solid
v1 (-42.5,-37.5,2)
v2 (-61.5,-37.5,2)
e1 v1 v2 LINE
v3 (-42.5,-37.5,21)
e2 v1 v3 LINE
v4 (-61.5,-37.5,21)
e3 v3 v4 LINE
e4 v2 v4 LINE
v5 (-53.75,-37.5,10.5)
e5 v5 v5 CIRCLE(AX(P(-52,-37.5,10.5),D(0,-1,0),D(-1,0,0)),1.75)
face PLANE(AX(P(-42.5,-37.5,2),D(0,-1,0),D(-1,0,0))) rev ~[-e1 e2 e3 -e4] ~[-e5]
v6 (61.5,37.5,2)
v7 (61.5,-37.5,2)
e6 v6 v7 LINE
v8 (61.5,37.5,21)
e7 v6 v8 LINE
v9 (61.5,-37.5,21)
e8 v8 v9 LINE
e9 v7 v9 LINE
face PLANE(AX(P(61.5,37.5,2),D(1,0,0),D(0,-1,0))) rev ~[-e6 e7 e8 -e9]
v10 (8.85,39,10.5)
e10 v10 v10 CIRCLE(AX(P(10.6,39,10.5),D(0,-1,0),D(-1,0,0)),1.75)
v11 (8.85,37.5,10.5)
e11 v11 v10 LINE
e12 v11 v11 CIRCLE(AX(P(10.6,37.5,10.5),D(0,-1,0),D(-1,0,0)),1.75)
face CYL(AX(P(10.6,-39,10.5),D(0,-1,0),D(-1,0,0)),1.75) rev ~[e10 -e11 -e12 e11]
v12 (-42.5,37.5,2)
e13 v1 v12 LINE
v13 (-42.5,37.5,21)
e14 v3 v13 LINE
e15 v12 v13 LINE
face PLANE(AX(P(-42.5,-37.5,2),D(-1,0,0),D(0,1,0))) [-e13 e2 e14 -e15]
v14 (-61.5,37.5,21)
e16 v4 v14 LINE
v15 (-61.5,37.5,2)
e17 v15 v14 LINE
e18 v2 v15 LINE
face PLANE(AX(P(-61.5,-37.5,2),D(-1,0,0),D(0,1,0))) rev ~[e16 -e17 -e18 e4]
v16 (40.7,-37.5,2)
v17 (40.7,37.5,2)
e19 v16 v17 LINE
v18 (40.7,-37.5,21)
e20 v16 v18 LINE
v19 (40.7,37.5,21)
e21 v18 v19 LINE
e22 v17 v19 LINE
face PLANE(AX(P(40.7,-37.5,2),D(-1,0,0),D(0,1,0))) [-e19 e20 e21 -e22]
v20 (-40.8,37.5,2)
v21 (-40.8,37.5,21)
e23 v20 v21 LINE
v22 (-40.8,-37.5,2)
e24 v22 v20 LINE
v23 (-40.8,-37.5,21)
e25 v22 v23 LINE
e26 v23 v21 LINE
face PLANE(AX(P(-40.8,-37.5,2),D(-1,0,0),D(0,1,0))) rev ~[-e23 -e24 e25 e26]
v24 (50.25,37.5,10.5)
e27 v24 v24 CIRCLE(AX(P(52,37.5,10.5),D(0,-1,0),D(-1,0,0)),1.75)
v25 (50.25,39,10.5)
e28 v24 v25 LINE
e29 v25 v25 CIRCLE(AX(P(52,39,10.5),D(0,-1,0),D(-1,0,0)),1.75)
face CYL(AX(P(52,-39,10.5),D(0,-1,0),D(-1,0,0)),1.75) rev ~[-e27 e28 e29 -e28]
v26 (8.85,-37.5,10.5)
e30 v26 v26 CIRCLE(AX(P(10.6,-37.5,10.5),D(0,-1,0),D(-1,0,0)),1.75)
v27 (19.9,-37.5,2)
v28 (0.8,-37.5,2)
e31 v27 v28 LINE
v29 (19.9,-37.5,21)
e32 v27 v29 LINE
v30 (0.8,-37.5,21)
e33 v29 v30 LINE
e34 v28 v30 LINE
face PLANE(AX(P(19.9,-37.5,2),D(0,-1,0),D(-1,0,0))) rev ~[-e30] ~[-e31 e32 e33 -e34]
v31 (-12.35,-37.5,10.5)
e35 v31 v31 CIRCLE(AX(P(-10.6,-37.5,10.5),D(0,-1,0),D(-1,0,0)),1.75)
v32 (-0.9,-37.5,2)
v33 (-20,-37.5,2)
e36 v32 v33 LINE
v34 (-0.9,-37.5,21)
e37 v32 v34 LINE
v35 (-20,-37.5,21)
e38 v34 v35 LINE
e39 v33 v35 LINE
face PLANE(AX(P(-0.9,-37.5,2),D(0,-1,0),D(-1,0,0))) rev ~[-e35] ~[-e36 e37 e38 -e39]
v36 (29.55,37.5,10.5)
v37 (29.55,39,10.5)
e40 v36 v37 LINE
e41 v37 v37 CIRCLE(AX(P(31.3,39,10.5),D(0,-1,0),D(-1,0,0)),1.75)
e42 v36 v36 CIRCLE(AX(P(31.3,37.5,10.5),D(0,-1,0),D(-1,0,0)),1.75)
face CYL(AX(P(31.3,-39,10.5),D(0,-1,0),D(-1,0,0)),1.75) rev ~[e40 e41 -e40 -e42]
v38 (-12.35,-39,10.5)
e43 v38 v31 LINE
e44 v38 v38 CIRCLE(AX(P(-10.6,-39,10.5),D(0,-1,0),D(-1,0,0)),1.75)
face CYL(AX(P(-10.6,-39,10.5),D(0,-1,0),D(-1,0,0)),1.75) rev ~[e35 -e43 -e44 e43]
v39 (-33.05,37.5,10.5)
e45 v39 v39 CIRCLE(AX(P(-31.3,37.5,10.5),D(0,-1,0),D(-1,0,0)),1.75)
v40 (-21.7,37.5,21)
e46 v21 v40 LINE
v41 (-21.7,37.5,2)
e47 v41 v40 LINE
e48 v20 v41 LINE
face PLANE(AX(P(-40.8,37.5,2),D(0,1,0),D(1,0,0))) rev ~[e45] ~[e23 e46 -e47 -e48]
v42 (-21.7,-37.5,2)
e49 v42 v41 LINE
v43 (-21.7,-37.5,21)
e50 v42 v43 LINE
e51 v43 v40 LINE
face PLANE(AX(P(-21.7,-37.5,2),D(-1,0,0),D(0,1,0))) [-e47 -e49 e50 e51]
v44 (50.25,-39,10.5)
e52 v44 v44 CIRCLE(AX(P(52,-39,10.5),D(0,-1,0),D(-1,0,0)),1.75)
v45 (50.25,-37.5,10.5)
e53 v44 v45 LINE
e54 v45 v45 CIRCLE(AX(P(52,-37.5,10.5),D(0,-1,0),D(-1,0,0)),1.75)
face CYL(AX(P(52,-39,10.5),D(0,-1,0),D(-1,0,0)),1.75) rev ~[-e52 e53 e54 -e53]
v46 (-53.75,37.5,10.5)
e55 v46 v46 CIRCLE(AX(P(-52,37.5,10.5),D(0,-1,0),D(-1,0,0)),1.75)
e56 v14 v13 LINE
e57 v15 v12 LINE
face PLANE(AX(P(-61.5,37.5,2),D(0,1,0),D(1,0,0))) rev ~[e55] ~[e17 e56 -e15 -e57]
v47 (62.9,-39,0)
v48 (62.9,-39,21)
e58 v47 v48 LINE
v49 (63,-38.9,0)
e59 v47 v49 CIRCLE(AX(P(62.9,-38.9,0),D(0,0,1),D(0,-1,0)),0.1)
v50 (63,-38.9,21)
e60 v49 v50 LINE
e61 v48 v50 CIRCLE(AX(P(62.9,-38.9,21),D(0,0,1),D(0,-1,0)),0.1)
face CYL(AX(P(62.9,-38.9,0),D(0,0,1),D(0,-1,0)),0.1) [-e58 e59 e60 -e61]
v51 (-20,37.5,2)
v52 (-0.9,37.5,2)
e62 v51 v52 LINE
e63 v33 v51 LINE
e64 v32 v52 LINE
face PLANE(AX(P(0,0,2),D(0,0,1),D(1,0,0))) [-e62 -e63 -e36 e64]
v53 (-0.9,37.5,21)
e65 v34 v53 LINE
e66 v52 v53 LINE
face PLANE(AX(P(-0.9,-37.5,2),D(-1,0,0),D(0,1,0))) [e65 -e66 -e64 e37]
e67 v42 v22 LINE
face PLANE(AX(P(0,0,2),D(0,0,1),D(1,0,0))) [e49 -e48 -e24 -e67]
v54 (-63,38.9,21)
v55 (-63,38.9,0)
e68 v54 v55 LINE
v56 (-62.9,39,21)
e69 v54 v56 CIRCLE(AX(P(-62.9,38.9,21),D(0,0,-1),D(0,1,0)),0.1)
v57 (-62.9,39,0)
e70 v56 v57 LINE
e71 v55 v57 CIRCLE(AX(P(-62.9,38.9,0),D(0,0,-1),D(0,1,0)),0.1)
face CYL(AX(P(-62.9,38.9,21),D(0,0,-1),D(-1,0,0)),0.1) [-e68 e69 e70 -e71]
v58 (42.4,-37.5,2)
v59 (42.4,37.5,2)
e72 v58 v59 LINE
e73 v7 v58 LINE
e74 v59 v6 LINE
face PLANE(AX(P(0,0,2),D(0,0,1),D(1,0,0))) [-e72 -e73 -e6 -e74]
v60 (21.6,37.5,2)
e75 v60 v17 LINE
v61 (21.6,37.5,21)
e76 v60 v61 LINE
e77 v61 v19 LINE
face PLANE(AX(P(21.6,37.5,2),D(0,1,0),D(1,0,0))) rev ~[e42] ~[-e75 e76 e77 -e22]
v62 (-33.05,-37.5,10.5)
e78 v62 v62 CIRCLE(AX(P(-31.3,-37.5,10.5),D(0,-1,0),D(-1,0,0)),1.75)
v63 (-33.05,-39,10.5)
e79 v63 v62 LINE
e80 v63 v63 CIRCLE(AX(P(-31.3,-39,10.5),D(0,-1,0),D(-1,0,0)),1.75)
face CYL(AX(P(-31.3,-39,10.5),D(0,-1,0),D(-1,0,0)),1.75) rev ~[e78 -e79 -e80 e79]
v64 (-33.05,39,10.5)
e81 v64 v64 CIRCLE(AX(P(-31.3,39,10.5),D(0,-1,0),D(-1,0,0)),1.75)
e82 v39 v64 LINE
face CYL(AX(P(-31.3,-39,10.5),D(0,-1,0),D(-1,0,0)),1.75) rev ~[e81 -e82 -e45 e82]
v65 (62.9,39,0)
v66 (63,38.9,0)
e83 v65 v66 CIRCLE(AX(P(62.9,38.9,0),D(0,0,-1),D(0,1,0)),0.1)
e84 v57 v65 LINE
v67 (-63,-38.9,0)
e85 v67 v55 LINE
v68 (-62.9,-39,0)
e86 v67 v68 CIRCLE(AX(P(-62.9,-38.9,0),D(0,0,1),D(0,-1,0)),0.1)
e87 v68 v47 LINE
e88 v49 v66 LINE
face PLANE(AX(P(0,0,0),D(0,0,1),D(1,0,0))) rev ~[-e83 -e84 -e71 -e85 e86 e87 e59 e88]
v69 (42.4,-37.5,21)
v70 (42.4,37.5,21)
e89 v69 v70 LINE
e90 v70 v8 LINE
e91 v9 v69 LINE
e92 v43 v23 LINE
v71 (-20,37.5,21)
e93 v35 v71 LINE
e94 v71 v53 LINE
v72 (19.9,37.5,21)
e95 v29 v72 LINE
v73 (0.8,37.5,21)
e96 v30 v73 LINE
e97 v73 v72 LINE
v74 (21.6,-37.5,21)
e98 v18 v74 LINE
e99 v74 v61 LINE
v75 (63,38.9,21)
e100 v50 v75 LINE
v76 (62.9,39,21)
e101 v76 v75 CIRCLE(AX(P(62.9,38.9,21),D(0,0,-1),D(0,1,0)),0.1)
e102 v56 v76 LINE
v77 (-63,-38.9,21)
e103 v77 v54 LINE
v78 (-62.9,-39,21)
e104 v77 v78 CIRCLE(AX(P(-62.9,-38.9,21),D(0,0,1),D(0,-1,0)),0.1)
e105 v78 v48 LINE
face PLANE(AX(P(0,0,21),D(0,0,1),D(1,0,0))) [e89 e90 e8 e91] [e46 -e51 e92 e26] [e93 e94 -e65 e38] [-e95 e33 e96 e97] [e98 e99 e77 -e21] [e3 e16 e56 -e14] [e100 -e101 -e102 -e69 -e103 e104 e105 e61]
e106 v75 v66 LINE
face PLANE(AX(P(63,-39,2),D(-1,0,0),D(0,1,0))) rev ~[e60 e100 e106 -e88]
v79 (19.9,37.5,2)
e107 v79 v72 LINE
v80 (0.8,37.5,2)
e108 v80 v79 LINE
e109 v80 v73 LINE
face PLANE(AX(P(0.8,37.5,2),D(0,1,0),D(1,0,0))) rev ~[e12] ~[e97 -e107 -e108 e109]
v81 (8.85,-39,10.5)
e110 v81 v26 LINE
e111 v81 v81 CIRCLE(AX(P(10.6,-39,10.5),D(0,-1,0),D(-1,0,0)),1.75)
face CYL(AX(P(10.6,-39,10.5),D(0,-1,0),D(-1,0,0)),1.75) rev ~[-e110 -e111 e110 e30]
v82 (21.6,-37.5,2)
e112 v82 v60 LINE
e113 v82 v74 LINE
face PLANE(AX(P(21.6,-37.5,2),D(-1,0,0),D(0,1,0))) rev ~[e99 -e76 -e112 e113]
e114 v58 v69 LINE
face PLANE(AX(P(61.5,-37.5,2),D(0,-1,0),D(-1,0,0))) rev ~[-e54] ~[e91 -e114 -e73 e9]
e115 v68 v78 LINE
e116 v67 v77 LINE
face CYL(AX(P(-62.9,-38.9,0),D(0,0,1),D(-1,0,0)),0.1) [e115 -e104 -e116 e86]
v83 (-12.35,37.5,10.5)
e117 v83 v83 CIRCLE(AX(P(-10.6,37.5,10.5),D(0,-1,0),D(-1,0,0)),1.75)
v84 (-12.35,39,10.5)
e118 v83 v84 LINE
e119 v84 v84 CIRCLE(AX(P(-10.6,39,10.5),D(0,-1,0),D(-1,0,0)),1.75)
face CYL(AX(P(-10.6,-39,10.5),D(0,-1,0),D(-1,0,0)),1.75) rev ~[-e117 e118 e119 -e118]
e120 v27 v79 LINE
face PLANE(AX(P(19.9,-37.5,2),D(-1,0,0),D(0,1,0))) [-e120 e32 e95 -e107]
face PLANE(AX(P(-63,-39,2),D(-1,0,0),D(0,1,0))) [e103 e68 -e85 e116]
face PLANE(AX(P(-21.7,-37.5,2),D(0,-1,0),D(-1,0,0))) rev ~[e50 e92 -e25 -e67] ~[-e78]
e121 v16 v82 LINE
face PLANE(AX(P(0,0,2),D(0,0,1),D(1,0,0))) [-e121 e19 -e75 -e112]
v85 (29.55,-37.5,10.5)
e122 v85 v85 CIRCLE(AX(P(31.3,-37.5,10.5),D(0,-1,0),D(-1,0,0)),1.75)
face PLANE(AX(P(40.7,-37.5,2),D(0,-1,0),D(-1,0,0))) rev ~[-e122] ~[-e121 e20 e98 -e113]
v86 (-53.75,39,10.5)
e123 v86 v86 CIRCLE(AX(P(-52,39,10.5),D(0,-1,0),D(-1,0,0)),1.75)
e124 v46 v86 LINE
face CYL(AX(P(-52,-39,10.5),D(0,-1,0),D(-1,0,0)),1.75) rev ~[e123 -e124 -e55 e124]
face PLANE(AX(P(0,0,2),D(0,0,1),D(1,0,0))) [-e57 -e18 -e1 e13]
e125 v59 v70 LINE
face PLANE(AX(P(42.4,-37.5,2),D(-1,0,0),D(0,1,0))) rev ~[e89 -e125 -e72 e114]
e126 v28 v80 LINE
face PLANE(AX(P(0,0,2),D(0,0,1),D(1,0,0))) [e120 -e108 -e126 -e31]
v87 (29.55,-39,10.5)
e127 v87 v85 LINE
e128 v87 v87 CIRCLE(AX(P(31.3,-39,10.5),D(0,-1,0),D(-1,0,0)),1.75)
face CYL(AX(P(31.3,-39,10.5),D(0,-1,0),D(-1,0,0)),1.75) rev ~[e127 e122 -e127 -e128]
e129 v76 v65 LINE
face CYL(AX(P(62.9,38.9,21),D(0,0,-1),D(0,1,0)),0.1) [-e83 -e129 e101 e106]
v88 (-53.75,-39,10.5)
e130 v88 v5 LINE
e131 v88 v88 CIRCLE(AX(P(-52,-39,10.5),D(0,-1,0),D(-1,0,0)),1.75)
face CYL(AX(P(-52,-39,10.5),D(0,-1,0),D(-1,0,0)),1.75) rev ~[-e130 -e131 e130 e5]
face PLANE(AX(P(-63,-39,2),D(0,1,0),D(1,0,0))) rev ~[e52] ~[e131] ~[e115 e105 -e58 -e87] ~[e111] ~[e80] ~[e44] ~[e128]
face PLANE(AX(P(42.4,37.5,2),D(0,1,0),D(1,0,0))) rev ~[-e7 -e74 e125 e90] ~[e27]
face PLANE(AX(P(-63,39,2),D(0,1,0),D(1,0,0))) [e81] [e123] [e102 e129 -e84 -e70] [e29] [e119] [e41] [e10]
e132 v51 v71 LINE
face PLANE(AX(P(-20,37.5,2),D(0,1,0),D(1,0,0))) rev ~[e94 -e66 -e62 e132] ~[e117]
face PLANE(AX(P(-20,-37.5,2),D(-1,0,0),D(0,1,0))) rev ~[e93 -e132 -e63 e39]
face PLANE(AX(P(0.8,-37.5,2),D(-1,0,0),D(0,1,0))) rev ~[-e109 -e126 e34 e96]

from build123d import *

# Parameters (mm, degrees)
F0_W     = 126
F0_H     = 78
F1_DEPTH = 2
F2_W     = 126
F2_H     = 78
F2_W_2   = 1.7
F2_H_2   = 75
F3_DEPTH = 19
F5_DEPTH = 100
F6_R     = 0.1


with BuildPart() as f1:
    # F0 (on Top) → F1 (new body)
    with BuildSketch(Plane.XY):
        Rectangle(F0_W, F0_H)
    extrude(amount=F1_DEPTH)

    # F2 (on face) → F3 (join)
    with BuildSketch(Plane.XY.offset(2)):
        Rectangle(F2_W, F2_H)
        Polygon((42.4, 37.5), (61.5, 37.5), (61.5, -37.5), (42.4, -37.5), (40.7, -37.5), (21.6, -37.5), (19.9, -37.5), (0.8, -37.5), (-0.9, -37.5), (-20, -37.5), (-21.7, -37.5), (-40.8, -37.5), (-42.5, -37.5), (-61.5, -37.5), (-61.5, 37.5), (-42.5, 37.5), (-40.8, 37.5), (-21.7, 37.5), (-20, 37.5), (-0.9, 37.5), (0.8, 37.5), (19.9, 37.5), (21.6, 37.5), (40.7, 37.5), align=None, mode=Mode.SUBTRACT)
        with Locations((-41.65, 0)):
            Rectangle(F2_W_2, F2_H_2)
        with Locations((-20.85, 0)):
            Rectangle(F2_W_2, F2_H_2)
        with Locations((-0.05, 0)):
            Rectangle(F2_W_2, F2_H_2)
        with Locations((20.75, 0)):
            Rectangle(F2_W_2, F2_H_2)
        with Locations((41.55, 0)):
            Rectangle(F2_W_2, F2_H_2)
    extrude(amount=F3_DEPTH)

    # F4 (on face) → F5 (cut)
    with BuildSketch(Plane.XZ.offset(39)):
        with BuildLine():
            ThreePointArc((-50.25, 10.5), (-52, 12.25), (-53.75, 10.5))
            Line((-53.75, 10.5), (-50.25, 10.5))
        make_face()
        with BuildLine():
            ThreePointArc((53.75, 10.5), (52, 12.25), (50.25, 10.5))
            Line((50.25, 10.5), (53.75, 10.5))
        make_face()
        with BuildLine():
            Line((53.75, 10.5), (50.25, 10.5))
            ThreePointArc((50.25, 10.5), (52, 8.75), (53.75, 10.5))
        make_face()
        with BuildLine():
            ThreePointArc((33.05, 10.5), (31.3, 12.25), (29.55, 10.5))
            Line((29.55, 10.5), (33.05, 10.5))
        make_face()
        with BuildLine():
            Line((33.05, 10.5), (29.55, 10.5))
            ThreePointArc((29.55, 10.5), (31.3, 8.75), (33.05, 10.5))
        make_face()
        with BuildLine():
            ThreePointArc((12.35, 10.5), (10.6, 12.25), (8.85, 10.5))
            Line((8.85, 10.5), (12.35, 10.5))
        make_face()
        with BuildLine():
            Line((12.35, 10.5), (8.85, 10.5))
            ThreePointArc((8.85, 10.5), (10.6, 8.75), (12.35, 10.5))
        make_face()
        with BuildLine():
            ThreePointArc((-8.85, 10.5), (-10.6, 12.25), (-12.35, 10.5))
            Line((-12.35, 10.5), (-8.85, 10.5))
        make_face()
        with BuildLine():
            Line((-8.85, 10.5), (-12.35, 10.5))
            ThreePointArc((-12.35, 10.5), (-10.6, 8.75), (-8.85, 10.5))
        make_face()
        with BuildLine():
            ThreePointArc((-29.55, 10.5), (-31.3, 12.25), (-33.05, 10.5))
            Line((-33.05, 10.5), (-29.55, 10.5))
        make_face()
        with BuildLine():
            Line((-29.55, 10.5), (-33.05, 10.5))
            ThreePointArc((-33.05, 10.5), (-31.3, 8.75), (-29.55, 10.5))
        make_face()
        with BuildLine():
            Line((-50.25, 10.5), (-53.75, 10.5))
            ThreePointArc((-53.75, 10.5), (-52, 8.75), (-50.25, 10.5))
        make_face()
    extrude(amount=-F5_DEPTH, mode=Mode.SUBTRACT)

    # F6
    f6_edges = [f1.edges().sort_by_distance(p)[0] for p in [
        (-63, -39, 10.5),
        (63, -39, 10.5),
        (63, 39, 10.5),
        (-63, 39, 10.5),
    ]]
    fillet(f6_edges, radius=F6_R)


solid = f1.part
